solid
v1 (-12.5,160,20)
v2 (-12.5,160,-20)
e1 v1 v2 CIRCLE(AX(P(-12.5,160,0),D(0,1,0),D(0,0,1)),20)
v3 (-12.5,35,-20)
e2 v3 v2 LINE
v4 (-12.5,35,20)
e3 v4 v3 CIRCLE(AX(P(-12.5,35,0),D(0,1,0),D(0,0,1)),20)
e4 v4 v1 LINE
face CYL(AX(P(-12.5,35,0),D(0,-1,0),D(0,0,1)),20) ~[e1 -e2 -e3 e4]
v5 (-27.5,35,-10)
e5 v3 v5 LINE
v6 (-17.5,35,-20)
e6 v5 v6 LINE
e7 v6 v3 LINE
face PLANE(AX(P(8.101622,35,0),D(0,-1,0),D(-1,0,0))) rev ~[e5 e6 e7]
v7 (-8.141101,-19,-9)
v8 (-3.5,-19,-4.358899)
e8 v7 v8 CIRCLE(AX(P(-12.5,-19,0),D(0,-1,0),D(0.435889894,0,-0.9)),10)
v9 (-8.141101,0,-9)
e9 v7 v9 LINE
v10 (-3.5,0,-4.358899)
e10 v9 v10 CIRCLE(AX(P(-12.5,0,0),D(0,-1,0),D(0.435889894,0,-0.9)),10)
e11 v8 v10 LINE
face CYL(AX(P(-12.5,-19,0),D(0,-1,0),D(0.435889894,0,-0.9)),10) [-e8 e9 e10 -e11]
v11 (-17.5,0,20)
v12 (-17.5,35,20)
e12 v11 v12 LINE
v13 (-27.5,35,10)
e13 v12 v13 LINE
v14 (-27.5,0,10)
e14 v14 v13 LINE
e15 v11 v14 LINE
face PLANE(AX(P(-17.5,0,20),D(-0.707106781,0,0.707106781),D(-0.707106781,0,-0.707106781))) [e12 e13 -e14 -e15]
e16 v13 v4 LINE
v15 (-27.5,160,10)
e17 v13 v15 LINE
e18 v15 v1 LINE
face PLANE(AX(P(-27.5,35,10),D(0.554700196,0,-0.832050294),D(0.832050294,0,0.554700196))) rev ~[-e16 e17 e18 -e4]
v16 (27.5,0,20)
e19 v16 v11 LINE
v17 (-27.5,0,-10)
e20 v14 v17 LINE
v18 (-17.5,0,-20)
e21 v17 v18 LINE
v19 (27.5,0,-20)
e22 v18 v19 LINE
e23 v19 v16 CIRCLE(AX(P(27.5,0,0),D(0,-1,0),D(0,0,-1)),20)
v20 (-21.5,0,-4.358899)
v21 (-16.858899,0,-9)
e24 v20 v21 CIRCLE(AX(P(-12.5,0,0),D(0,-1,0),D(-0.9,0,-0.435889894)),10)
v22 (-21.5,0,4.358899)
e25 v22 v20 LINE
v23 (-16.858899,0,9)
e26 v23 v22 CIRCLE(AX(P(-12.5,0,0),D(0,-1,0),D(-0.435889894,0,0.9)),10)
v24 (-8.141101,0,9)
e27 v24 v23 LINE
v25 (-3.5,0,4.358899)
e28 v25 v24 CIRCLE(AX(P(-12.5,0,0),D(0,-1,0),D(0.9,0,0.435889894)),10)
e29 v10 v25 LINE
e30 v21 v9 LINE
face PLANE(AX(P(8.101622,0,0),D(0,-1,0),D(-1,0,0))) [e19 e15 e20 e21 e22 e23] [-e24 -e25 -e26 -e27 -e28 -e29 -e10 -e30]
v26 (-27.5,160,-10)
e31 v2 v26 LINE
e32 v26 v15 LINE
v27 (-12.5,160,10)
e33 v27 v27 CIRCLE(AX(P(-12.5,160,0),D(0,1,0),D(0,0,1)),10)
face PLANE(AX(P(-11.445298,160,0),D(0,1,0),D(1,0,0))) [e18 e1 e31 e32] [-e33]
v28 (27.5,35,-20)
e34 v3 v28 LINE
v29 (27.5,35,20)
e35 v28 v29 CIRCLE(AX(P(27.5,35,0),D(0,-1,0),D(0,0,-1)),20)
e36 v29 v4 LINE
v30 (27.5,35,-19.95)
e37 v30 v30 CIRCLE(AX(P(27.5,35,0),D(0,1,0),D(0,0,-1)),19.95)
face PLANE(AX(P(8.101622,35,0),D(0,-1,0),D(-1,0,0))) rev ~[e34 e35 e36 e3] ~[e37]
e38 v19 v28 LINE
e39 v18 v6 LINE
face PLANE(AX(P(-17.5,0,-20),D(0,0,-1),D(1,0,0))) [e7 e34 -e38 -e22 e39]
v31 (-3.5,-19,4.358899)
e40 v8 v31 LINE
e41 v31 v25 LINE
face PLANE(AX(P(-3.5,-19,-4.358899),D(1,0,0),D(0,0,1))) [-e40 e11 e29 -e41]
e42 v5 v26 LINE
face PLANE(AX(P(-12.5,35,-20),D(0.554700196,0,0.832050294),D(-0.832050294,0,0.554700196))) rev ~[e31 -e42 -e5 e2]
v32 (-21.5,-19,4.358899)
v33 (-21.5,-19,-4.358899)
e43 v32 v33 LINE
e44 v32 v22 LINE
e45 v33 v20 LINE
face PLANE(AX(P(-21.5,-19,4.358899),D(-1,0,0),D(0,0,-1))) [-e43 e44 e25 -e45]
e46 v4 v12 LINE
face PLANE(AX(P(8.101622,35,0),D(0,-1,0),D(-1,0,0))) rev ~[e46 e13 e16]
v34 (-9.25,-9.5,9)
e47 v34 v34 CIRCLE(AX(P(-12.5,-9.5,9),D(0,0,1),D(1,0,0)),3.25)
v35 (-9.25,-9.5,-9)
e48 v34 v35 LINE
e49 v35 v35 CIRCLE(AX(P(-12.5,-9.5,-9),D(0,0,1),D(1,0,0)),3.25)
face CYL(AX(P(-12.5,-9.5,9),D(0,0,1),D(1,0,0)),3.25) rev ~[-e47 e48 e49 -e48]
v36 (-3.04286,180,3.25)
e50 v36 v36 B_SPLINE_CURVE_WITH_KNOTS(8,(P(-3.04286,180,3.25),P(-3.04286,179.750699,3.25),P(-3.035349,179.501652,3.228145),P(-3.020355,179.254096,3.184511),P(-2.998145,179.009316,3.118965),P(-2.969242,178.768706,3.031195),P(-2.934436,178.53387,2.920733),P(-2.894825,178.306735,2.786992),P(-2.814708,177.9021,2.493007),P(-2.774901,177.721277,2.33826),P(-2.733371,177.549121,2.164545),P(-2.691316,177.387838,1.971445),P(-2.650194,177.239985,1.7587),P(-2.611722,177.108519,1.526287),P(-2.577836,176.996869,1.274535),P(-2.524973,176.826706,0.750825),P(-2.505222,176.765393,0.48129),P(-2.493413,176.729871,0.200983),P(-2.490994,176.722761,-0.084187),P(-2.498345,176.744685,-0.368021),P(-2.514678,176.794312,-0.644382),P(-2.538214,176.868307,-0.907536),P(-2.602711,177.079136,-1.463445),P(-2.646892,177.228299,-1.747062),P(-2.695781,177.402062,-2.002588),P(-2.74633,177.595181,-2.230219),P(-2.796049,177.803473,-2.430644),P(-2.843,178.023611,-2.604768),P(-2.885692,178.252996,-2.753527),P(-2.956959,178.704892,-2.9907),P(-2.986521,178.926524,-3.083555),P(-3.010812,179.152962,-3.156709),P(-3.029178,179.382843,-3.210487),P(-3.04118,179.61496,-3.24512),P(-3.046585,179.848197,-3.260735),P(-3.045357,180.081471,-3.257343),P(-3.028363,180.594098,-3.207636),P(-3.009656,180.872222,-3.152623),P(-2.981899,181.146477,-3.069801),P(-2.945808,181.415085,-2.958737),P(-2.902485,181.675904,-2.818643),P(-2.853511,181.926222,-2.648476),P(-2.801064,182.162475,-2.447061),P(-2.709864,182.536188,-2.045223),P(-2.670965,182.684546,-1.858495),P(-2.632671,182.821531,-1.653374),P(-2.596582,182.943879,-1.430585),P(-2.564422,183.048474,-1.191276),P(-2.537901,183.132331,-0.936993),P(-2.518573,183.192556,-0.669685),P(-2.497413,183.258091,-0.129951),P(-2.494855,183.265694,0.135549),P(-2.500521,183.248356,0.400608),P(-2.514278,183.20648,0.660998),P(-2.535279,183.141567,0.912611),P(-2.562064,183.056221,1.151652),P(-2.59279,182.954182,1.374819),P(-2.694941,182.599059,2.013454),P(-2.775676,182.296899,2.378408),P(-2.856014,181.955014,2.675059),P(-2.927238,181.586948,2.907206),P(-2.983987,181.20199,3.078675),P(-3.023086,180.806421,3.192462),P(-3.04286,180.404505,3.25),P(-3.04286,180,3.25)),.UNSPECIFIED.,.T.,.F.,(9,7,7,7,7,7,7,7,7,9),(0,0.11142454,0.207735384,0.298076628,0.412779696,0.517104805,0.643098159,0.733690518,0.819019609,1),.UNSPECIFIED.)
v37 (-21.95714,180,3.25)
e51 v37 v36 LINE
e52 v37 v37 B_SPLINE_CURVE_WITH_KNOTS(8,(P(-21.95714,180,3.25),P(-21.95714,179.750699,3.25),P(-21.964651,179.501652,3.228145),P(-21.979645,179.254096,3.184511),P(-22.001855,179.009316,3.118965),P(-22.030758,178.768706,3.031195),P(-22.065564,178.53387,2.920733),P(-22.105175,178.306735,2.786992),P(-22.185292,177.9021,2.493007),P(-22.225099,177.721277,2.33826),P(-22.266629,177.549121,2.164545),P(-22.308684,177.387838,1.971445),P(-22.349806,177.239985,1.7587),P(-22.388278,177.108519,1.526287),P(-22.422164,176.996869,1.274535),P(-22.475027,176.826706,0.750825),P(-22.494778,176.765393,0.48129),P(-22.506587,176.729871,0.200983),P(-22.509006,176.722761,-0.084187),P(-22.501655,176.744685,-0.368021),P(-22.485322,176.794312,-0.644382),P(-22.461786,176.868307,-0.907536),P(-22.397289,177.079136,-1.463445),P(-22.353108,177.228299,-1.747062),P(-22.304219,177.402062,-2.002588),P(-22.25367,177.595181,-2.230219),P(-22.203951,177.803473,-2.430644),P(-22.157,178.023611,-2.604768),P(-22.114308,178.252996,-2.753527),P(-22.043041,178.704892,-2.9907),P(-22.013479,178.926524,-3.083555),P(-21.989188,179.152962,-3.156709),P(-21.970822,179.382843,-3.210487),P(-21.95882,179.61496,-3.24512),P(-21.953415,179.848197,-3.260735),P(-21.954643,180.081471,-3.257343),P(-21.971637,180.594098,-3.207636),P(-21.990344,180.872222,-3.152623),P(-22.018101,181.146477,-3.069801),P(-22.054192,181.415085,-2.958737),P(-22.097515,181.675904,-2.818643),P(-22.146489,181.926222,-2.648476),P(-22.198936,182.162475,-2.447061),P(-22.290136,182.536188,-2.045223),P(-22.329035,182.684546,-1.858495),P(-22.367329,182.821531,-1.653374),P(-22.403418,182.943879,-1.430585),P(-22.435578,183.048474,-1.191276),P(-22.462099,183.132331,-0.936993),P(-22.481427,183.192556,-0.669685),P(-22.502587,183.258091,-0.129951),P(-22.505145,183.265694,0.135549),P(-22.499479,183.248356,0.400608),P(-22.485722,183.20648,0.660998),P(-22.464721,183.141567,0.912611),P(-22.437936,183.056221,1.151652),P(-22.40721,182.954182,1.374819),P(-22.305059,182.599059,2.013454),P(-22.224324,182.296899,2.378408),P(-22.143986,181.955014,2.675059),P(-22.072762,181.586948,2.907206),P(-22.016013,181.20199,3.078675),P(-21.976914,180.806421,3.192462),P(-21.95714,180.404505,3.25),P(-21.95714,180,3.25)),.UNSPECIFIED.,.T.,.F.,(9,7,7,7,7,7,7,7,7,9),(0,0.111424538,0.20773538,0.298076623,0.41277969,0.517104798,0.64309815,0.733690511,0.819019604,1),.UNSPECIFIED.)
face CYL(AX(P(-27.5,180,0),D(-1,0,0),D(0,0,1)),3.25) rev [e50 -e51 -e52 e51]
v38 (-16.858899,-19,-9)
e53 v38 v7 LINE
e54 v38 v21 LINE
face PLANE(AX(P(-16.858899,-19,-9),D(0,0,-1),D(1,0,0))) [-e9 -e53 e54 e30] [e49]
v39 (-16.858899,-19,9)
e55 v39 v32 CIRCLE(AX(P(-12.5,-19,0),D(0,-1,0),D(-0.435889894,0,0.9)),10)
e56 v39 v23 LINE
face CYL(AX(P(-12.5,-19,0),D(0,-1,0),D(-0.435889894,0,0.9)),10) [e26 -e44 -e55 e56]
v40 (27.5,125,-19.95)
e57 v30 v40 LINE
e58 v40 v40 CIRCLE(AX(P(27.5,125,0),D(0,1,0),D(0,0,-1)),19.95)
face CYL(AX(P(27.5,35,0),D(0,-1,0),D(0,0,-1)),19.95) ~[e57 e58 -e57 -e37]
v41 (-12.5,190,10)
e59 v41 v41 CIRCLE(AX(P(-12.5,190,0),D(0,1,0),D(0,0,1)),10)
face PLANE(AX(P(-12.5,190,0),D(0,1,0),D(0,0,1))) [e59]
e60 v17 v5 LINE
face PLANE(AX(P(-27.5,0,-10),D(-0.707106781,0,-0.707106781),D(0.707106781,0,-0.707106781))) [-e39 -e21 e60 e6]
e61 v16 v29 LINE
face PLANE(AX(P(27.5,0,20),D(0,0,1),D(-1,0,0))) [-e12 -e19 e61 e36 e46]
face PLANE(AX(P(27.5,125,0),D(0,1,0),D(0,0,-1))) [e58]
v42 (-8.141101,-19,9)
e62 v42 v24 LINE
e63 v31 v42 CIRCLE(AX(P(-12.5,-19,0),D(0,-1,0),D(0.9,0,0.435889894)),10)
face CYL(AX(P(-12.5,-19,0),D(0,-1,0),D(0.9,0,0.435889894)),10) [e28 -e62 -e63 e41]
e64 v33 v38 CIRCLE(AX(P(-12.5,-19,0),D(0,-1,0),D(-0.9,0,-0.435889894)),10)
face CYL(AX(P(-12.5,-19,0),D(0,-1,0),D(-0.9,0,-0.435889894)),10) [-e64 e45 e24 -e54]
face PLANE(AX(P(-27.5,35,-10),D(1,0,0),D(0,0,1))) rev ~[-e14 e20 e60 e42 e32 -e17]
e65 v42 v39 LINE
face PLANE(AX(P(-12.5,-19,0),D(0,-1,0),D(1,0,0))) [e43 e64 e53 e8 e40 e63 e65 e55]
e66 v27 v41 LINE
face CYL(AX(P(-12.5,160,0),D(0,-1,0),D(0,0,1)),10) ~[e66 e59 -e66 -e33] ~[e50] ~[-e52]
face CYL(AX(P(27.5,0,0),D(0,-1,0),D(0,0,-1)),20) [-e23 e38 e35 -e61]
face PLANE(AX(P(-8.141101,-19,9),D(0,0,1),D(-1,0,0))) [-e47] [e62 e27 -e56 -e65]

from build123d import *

# Parameters (mm, degrees)
EXTRUDE_1_DEPTH     = 35
EXTRUDE_3_DEPTH     = 125
SKETCH_3_R          = 19.95
EXTRUDE_5_DEPTH     = 90
SKETCH_4_R          = 10
EXTRUDE_6_DEPTH     = 30
SKETCH_5_R          = 3.25
CUT_EXTRUDE_1_DEPTH = 30
EXTRUDE_START       = 19
EXTRUDE_7_DEPTH     = 19
CUT_EXTRUDE_2_REACH = 199.983
SKETCH_7_R          = 3.25


with BuildPart() as part:
    # 草图1 → 凸台-拉伸1 (new body)
    with BuildSketch(Plane(origin=(0, 0, 0), x_dir=(1, 0, 0), z_dir=(0, 1, 0))):
        with BuildLine():
            Line((-27.5, 10), (-17.5, 20))
            Line((-17.5, 20), (27.5, 20))
            ThreePointArc((27.5, 20), (47.5, 0), (27.5, -20))
            Line((27.5, -20), (-17.5, -20))
            Line((-17.5, -20), (-27.5, -10))
            Line((-27.5, -10), (-27.5, 10))
        make_face()
    extrude(amount=EXTRUDE_1_DEPTH)

    # 草图2 → 凸台-拉伸3 (add)
    with BuildSketch(Plane(origin=(0, 35, 0), x_dir=(1, 0, 0), z_dir=(0, 1, 0))):
        with BuildLine():
            Line((-12.5, 20), (-27.5, 10))
            Line((-27.5, 10), (-27.5, -10))
            Line((-27.5, -10), (-12.5, -20))
            ThreePointArc((-12.5, -20), (7.5, 0), (-12.5, 20))
        make_face()
    extrude(amount=EXTRUDE_3_DEPTH)

    # 草图3 → 凸台-拉伸5 (add)
    with BuildSketch(Plane(origin=(0, 35, 0), x_dir=(1, 0, 0), z_dir=(0, 1, 0))):
        with Locations((27.5, 0)):
            Circle(SKETCH_3_R)
    extrude(amount=EXTRUDE_5_DEPTH)

    # 草图4 → 凸台-拉伸6 (add)
    with BuildSketch(Plane(origin=(0, 160, 0), x_dir=(1, 0, 0), z_dir=(0, 1, 0))):
        with Locations((-12.5, 0)):
            Circle(SKETCH_4_R)
    extrude(amount=EXTRUDE_6_DEPTH)

    # 草图5 → 切除-拉伸1 (cut)
    with BuildSketch(Plane(origin=(-27.5, 0, -27.5), x_dir=(0, 0, -1), z_dir=(1, 0, 0))):
        with Locations((-27.5, 180)):
            Circle(SKETCH_5_R)
    extrude(amount=CUT_EXTRUDE_1_DEPTH, mode=Mode.SUBTRACT)

    # 草图6 → 凸台-拉伸7 (add)
    with BuildSketch(Plane.XZ.offset(EXTRUDE_START)):
        with BuildLine():
            Line((-16.858898944, -9), (-8.141101056, -9))
            ThreePointArc((-8.141101056, -9), (-5.428932188, -7.071067812), (-3.5, -4.358898944))
            Line((-3.5, -4.358898944), (-3.5, 4.358898944))
            ThreePointArc((-3.5, 4.358898944), (-5.428932188, 7.071067812), (-8.141101056, 9))
            Line((-8.141101056, 9), (-16.858898944, 9))
            ThreePointArc((-16.858898944, 9), (-19.571067812, 7.071067812), (-21.5, 4.358898944))
            Line((-21.5, 4.358898944), (-21.5, -4.358898944))
            ThreePointArc((-21.5, -4.358898944), (-19.571067812, -7.071067812), (-16.858898944, -9))
        make_face()
    extrude(amount=-EXTRUDE_7_DEPTH)

    # 草图7 → 切除-拉伸2 (cut, up to next)
    with BuildSketch(Plane.XY.offset(9), mode=Mode.PRIVATE) as cut_extrude_2_sk1:
        with Locations((-12.5, -9.5)):
            Circle(SKETCH_7_R)
    cut_extrude_2_tool1 = extrude(cut_extrude_2_sk1.sketch, amount=-CUT_EXTRUDE_2_REACH, mode=Mode.PRIVATE) & part.part
    add(cut_extrude_2_tool1.solids().sort_by_distance((-12.5, -9.5, 9))[0], mode=Mode.SUBTRACT)


solid = part.part
